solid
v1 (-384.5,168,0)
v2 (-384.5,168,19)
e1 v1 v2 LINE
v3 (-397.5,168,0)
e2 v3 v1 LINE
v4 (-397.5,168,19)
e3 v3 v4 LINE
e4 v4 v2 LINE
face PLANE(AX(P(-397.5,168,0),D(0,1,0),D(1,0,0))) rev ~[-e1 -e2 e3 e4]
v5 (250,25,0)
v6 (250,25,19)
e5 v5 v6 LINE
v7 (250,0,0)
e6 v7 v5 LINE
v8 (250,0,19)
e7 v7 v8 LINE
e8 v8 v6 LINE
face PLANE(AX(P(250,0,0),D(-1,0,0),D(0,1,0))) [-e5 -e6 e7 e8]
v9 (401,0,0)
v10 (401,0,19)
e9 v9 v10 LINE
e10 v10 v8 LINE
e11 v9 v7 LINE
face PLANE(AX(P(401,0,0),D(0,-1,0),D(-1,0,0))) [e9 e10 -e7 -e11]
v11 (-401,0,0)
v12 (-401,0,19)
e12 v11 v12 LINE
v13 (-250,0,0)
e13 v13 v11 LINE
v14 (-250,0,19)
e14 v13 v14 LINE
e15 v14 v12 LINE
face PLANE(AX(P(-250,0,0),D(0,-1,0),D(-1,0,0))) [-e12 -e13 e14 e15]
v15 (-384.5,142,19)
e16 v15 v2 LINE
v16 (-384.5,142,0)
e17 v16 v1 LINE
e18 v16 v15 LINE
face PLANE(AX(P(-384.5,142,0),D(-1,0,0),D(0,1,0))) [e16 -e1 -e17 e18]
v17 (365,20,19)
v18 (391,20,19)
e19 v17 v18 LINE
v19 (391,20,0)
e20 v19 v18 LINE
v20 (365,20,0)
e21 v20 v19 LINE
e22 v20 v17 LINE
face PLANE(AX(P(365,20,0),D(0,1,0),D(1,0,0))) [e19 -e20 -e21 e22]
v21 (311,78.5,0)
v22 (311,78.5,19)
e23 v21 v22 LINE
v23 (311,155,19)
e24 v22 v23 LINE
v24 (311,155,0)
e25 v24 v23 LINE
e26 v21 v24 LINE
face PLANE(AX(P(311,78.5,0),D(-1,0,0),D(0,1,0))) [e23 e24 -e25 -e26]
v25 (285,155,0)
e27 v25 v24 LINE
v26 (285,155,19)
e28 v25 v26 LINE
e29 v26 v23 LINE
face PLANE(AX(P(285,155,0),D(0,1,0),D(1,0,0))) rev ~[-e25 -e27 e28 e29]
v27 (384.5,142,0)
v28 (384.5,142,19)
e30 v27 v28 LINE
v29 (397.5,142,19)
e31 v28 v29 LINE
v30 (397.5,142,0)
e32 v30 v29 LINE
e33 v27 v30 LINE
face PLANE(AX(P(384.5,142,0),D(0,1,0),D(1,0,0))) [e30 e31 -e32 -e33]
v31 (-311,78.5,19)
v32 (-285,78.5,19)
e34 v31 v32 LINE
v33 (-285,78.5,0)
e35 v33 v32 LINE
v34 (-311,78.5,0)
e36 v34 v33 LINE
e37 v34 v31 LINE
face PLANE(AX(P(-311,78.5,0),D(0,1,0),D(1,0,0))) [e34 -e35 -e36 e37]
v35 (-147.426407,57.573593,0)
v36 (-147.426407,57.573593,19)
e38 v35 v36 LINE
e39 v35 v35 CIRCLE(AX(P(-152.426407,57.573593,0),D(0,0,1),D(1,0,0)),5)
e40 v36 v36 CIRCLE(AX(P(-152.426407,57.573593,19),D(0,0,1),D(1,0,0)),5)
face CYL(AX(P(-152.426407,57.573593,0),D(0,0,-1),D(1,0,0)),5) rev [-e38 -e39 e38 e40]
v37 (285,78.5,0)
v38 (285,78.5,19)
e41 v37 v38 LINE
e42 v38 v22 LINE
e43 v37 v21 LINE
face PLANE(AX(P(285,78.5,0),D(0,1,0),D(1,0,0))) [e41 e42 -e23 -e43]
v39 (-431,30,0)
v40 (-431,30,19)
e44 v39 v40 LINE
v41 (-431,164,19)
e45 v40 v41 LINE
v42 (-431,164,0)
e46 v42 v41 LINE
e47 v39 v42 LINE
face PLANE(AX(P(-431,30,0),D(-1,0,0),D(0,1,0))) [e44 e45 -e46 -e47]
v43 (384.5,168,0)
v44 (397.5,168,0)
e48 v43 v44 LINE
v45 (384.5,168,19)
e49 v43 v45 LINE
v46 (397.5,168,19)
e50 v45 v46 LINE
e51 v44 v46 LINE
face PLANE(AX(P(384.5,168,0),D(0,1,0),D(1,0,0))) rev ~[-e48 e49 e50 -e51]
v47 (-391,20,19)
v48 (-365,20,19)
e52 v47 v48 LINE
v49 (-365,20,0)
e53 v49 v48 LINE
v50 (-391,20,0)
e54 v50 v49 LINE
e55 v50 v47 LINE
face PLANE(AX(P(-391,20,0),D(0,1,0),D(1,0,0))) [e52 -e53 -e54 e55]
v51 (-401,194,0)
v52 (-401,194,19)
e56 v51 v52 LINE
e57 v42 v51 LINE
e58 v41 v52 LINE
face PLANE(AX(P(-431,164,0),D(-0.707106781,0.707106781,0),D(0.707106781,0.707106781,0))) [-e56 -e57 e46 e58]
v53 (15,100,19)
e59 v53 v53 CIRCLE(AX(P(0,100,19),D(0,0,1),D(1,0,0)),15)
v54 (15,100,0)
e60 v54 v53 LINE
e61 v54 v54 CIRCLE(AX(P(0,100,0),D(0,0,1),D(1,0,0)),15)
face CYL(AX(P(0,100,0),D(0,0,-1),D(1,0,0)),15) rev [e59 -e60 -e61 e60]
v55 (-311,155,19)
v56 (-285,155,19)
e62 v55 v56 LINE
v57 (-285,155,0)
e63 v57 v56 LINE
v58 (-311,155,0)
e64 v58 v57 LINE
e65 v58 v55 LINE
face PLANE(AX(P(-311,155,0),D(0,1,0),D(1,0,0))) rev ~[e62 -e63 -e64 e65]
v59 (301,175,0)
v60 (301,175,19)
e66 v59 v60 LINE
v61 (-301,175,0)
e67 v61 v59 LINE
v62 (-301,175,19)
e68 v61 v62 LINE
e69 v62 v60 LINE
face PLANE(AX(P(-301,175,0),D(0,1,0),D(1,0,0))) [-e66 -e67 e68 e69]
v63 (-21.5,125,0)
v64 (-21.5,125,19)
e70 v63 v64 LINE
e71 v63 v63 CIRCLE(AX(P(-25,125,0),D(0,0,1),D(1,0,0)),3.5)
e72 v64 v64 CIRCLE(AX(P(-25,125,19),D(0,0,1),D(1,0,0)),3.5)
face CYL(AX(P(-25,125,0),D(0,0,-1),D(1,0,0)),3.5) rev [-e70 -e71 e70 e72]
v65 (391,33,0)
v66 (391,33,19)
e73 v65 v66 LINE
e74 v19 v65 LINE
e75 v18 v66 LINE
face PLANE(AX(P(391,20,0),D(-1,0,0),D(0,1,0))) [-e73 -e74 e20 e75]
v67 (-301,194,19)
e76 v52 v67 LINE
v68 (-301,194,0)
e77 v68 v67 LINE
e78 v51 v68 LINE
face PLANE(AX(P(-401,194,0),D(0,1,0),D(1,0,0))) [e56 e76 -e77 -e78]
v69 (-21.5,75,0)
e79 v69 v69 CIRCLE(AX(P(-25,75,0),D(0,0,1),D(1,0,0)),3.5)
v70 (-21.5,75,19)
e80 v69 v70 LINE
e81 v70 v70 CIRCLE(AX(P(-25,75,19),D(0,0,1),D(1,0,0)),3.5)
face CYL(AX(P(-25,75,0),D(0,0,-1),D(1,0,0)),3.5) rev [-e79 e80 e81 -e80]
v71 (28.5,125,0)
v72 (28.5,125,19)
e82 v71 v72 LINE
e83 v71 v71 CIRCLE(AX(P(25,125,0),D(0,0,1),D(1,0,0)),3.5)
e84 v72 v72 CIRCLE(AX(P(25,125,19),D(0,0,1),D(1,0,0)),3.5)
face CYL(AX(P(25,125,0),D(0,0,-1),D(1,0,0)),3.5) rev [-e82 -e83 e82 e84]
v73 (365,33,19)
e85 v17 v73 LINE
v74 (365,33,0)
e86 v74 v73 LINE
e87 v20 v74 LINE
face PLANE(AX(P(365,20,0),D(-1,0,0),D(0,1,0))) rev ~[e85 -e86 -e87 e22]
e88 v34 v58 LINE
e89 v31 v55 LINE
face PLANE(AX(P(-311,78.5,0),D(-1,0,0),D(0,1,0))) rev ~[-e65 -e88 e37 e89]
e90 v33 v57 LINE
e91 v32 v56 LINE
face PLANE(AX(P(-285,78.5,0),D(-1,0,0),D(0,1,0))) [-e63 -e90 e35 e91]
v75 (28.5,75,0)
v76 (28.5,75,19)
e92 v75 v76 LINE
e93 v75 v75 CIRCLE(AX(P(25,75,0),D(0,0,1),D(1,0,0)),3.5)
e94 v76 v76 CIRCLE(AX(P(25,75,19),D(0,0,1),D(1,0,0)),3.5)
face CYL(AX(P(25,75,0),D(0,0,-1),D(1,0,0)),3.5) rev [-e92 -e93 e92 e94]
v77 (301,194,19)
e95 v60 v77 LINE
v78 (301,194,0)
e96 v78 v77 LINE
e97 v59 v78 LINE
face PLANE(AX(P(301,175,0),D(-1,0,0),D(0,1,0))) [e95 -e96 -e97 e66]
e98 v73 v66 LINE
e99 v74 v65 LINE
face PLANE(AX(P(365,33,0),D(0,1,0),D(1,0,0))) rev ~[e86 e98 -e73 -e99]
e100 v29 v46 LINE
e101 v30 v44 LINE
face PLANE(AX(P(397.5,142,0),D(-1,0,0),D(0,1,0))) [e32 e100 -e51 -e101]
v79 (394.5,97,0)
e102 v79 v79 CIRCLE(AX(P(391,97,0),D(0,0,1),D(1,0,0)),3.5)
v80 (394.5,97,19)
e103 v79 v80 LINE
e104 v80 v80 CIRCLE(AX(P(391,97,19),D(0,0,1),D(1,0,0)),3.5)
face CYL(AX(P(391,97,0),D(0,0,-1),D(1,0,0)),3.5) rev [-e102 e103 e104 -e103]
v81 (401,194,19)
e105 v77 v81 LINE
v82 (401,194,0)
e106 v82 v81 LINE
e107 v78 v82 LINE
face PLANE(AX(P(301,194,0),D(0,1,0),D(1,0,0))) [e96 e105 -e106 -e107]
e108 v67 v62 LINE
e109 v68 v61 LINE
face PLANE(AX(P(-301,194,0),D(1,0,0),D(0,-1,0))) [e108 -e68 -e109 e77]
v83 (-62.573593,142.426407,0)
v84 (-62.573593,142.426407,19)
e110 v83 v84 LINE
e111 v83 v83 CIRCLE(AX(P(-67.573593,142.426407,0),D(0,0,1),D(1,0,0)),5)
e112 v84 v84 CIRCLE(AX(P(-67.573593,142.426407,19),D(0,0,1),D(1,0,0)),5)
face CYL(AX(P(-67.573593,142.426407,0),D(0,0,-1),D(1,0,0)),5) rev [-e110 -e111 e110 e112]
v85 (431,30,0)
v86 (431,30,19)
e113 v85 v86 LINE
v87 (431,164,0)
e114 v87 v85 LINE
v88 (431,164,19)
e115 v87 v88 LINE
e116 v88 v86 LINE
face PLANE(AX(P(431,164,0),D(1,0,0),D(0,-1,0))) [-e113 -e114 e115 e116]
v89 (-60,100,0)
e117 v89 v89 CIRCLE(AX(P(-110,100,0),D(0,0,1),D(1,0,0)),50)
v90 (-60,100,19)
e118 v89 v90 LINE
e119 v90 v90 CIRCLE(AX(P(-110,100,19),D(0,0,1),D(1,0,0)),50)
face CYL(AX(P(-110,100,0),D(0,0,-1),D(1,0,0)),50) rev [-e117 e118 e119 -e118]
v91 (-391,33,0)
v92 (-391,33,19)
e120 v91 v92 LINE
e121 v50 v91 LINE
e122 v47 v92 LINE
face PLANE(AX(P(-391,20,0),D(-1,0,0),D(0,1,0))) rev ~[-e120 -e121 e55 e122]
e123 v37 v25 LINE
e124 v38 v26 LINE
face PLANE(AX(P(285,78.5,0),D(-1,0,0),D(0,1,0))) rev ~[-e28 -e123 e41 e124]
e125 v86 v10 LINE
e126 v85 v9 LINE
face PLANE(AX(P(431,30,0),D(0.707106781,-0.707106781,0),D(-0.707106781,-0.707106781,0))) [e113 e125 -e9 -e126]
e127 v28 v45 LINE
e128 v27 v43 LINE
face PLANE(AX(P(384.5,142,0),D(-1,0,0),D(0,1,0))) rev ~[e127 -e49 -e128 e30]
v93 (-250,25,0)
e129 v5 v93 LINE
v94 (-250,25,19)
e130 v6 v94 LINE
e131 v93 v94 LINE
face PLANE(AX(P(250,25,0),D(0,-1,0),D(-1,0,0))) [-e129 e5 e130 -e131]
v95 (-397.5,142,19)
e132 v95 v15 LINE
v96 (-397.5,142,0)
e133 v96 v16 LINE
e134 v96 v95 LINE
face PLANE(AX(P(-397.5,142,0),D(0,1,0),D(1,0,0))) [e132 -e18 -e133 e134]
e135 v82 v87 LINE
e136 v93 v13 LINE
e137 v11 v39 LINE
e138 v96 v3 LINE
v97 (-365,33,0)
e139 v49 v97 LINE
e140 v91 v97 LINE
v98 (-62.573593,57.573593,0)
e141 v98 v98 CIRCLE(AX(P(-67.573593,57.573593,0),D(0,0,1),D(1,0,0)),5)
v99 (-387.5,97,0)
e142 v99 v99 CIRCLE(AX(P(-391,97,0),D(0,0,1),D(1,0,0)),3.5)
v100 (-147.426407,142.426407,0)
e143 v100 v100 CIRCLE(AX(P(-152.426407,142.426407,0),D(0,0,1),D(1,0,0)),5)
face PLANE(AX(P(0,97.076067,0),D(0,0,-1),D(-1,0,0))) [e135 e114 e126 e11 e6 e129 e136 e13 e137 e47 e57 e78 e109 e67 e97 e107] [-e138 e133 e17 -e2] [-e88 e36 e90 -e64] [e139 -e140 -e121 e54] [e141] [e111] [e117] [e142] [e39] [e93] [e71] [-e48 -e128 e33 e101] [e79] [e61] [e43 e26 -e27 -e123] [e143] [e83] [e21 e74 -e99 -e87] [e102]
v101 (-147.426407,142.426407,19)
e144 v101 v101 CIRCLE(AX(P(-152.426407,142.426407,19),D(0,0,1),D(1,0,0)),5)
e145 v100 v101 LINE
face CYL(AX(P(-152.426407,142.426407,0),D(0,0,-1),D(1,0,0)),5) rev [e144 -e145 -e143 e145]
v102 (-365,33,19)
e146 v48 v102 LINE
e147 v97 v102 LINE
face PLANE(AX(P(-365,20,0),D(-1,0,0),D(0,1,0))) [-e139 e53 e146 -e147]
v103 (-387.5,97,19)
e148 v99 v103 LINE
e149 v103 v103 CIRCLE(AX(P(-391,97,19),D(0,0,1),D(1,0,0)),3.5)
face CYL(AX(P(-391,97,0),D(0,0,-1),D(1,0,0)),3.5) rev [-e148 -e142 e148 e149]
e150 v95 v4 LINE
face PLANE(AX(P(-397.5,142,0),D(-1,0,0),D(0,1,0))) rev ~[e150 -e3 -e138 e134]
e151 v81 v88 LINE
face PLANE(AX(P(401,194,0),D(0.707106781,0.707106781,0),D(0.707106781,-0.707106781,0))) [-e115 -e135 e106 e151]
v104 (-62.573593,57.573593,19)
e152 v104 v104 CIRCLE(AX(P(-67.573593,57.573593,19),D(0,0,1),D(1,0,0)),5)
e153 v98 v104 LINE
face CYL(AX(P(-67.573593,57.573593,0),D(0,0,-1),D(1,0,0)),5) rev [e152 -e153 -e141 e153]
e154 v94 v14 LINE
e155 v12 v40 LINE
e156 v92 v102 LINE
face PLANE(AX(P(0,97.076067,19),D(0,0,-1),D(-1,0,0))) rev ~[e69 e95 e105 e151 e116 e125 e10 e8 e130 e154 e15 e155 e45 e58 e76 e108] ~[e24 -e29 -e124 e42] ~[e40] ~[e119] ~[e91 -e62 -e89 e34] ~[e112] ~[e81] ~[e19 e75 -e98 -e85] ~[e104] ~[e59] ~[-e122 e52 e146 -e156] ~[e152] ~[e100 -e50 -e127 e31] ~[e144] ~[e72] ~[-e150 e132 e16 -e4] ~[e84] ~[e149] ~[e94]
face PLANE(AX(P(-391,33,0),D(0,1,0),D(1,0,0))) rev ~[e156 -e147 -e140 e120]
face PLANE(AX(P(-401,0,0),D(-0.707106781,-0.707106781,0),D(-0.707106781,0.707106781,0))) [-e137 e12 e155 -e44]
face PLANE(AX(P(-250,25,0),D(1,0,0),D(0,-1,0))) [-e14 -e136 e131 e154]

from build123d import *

# Parameters (mm, degrees)
CROQUIS1_R              = 3.5
CROQUIS1_R_2            = 15
CROQUIS1_R_3            = 50
CROQUIS1_R_4            = 5
CROQUIS1_W              = 26
CROQUIS1_H              = 76.5
CROQUIS1_H_2            = 13
CROQUIS1_W_2            = 13
CROQUIS1_H_3            = 26
SALIENTE_EXTRUIR1_DEPTH = 19


with BuildPart() as part:
    # Croquis1 → Saliente-Extruir1 (new body)
    with BuildSketch(Plane.XY):
        Polygon((-301, 194), (-301, 175), (301, 175), (301, 194), (401, 194), (431, 164), (431, 30), (401, 0), (250, 0), (250, 25), (-250, 25), (-250, 0), (-401, 0), (-431, 30), (-431, 164), (-401, 194), align=None)
        with Locations((-391, 97)):
            Circle(CROQUIS1_R, mode=Mode.SUBTRACT)
        with Locations((391, 97)):
            Circle(CROQUIS1_R, mode=Mode.SUBTRACT)
        with Locations((0, 100)):
            Circle(CROQUIS1_R_2, mode=Mode.SUBTRACT)
        with Locations((-25, 125)):
            Circle(CROQUIS1_R, mode=Mode.SUBTRACT)
        with Locations((25, 125)):
            Circle(CROQUIS1_R, mode=Mode.SUBTRACT)
        with Locations((25, 75)):
            Circle(CROQUIS1_R, mode=Mode.SUBTRACT)
        with Locations((-25, 75)):
            Circle(CROQUIS1_R, mode=Mode.SUBTRACT)
        with Locations((-110, 100)):
            Circle(CROQUIS1_R_3, mode=Mode.SUBTRACT)
        with Locations((-152.426406871, 142.426406871)):
            Circle(CROQUIS1_R_4, mode=Mode.SUBTRACT)
        with Locations((-67.573593129, 142.426406871)):
            Circle(CROQUIS1_R_4, mode=Mode.SUBTRACT)
        with Locations((-67.573593129, 57.573593129)):
            Circle(CROQUIS1_R_4, mode=Mode.SUBTRACT)
        with Locations((-152.426406871, 57.573593129)):
            Circle(CROQUIS1_R_4, mode=Mode.SUBTRACT)
        with Locations((-298, 116.75)):
            Rectangle(CROQUIS1_W, CROQUIS1_H, mode=Mode.SUBTRACT)
        with Locations((298, 116.75)):
            Rectangle(CROQUIS1_W, CROQUIS1_H, mode=Mode.SUBTRACT)
        with Locations((378, 26.5)):
            Rectangle(CROQUIS1_W, CROQUIS1_H_2, mode=Mode.SUBTRACT)
        with Locations((-378, 26.5)):
            Rectangle(CROQUIS1_W, CROQUIS1_H_2, mode=Mode.SUBTRACT)
        with Locations((391, 155)):
            Rectangle(CROQUIS1_W_2, CROQUIS1_H_3, mode=Mode.SUBTRACT)
        with Locations((-391, 155)):
            Rectangle(CROQUIS1_W_2, CROQUIS1_H_3, mode=Mode.SUBTRACT)
    extrude(amount=SALIENTE_EXTRUIR1_DEPTH)


solid = part.part
